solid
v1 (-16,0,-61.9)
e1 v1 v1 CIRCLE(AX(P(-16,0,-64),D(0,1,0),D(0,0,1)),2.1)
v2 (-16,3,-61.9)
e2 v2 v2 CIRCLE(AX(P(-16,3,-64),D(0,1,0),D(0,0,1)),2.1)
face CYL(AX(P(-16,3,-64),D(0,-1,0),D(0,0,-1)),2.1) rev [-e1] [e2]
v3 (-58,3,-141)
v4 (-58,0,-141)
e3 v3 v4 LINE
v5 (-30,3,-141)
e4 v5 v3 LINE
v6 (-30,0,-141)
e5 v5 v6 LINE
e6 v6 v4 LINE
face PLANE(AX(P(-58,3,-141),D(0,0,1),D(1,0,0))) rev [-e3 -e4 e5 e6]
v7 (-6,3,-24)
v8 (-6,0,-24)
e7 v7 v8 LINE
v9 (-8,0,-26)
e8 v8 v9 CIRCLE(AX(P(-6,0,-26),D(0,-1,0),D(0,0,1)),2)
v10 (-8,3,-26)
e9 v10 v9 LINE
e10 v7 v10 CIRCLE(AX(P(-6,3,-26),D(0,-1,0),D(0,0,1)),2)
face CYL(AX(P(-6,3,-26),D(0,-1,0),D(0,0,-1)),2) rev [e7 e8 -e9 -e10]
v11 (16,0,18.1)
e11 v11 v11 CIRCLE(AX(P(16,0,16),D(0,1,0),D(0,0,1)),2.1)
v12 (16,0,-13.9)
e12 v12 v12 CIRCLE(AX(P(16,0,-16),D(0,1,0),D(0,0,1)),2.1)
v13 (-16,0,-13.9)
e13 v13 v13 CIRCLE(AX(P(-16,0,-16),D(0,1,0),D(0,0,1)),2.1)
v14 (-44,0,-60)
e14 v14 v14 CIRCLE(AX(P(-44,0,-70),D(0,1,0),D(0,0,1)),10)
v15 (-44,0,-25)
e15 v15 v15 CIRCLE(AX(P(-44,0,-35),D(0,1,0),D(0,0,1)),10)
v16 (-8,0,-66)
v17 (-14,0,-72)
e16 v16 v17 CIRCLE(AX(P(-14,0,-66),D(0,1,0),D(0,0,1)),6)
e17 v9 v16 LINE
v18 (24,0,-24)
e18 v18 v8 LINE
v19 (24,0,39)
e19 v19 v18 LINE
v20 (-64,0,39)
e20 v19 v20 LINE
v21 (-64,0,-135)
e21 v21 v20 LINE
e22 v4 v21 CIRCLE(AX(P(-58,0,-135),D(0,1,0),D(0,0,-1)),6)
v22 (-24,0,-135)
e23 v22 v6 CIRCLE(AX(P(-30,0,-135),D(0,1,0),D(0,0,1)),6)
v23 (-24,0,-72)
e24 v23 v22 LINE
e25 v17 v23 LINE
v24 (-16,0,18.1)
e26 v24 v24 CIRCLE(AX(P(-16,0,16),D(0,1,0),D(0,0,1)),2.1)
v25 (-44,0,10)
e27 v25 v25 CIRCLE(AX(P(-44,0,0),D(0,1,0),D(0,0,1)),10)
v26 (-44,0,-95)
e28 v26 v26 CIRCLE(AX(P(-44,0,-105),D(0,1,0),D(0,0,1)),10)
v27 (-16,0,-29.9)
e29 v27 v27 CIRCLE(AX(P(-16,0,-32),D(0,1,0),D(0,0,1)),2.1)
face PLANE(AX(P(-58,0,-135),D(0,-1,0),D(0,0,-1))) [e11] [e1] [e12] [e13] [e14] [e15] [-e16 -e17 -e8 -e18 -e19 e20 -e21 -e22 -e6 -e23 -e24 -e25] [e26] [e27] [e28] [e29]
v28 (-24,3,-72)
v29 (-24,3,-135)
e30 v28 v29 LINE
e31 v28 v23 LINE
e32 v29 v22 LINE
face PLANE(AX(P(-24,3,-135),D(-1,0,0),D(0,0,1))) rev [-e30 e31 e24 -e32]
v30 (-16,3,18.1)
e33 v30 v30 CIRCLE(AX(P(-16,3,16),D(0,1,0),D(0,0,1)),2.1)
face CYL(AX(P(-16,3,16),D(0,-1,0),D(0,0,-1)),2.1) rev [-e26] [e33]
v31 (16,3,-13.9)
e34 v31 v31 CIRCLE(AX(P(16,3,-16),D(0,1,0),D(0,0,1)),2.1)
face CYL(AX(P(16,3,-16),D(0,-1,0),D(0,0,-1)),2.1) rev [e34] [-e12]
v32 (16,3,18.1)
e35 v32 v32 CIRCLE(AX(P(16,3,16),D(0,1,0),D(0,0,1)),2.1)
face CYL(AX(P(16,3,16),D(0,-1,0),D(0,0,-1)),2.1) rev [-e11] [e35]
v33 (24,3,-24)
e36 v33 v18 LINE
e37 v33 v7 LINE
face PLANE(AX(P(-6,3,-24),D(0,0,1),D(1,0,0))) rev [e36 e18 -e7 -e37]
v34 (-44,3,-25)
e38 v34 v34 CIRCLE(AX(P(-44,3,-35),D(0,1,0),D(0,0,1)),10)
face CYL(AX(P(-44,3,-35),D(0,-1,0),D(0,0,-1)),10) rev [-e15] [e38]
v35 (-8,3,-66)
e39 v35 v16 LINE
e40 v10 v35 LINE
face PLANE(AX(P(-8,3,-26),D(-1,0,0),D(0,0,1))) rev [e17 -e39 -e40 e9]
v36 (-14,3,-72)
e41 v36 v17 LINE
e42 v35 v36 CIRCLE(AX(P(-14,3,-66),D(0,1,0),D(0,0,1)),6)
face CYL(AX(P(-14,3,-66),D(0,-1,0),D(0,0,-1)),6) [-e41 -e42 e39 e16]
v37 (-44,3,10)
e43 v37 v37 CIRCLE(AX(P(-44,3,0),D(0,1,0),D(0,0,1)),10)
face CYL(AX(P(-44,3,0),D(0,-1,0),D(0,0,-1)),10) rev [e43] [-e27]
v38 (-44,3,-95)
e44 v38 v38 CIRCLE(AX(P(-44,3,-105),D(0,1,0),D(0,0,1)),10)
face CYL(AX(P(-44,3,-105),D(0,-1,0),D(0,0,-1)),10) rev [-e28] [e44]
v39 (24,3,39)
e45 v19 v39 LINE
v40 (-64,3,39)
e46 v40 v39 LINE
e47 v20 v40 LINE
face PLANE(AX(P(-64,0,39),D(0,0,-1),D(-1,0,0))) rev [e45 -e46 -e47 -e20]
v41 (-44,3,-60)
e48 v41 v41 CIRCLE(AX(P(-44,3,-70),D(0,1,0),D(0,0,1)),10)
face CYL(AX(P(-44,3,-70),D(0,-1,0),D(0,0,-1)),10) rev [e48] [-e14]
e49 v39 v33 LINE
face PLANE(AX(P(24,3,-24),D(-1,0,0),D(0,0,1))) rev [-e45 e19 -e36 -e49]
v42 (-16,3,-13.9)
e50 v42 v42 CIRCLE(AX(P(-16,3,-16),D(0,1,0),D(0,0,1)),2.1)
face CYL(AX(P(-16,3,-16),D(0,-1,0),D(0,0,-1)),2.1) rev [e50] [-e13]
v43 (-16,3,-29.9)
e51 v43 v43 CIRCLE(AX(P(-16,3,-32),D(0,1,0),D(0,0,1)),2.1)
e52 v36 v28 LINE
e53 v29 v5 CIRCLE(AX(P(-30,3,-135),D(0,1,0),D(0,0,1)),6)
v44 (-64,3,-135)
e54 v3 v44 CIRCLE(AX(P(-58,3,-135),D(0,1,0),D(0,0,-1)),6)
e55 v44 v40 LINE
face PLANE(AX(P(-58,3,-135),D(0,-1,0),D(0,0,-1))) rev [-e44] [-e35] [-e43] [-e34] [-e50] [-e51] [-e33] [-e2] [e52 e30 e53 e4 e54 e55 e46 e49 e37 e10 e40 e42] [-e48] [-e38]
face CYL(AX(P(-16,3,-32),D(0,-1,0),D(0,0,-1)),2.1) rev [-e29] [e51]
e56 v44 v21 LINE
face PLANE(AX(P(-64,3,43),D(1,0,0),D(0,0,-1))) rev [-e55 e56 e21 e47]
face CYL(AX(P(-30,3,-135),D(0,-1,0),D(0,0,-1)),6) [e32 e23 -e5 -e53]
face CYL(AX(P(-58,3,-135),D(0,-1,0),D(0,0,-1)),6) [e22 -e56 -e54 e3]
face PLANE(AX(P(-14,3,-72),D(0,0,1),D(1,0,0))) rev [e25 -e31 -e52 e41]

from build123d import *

# Parameters (mm, degrees)
SKETCH1_R               = 2.1
SKETCH1_R_2             = 10
BOSS_EXTRUDE1_DEPTH     = 3
SKETCH2_W               = 88
SKETCH2_H               = 4
CUT_EXTRUDE1_DEPTH      = 1
CUT_EXTRUDE1_DEPTH_BACK = 4


with BuildPart() as part:
    # Sketch1 → Boss-Extrude1 (new body)
    with BuildSketch(Plane(origin=(0, 0, 0), x_dir=(1, 0, 0), z_dir=(0, 1, 0))):
        with BuildLine():
            Line((-8, 26), (-8, 66))
            ThreePointArc((-8, 66), (-9.757359313, 70.242640687), (-14, 72))
            Line((-14, 72), (-24, 72))
            Line((-24, 72), (-24, 135))
            ThreePointArc((-24, 135), (-25.757359313, 139.242640687), (-30, 141))
            Line((-30, 141), (-58, 141))
            ThreePointArc((-58, 141), (-62.242640687, 139.242640687), (-64, 135))
            Line((-64, 135), (-64, -43))
            Line((-64, -43), (-24, -43))
            Line((-24, -43), (24, -43))
            Line((24, -43), (24, 24))
            Line((24, 24), (-6, 24))
            ThreePointArc((-6, 24), (-7.414213562, 24.585786438), (-8, 26))
        make_face()
        with Locations((16, 16)):
            Circle(SKETCH1_R, mode=Mode.SUBTRACT)
        with Locations((16, -16)):
            Circle(SKETCH1_R, mode=Mode.SUBTRACT)
        with Locations((-16, -16)):
            Circle(SKETCH1_R, mode=Mode.SUBTRACT)
        with Locations((-16, 16)):
            Circle(SKETCH1_R, mode=Mode.SUBTRACT)
        with Locations((-16, 32)):
            Circle(SKETCH1_R, mode=Mode.SUBTRACT)
        with Locations((-16, 64)):
            Circle(SKETCH1_R, mode=Mode.SUBTRACT)
        with Locations((-44, 0)):
            Circle(SKETCH1_R_2, mode=Mode.SUBTRACT)
        with Locations((-44, 35)):
            Circle(SKETCH1_R_2, mode=Mode.SUBTRACT)
        with Locations((-44, 70)):
            Circle(SKETCH1_R_2, mode=Mode.SUBTRACT)
        with Locations((-44, 105)):
            Circle(SKETCH1_R_2, mode=Mode.SUBTRACT)
    extrude(amount=BOSS_EXTRUDE1_DEPTH)

    # Sketch2 → Cut-Extrude1 (cut, two sides)
    with BuildSketch(Plane(origin=(0, 3, 0), x_dir=(1, 0, 0), z_dir=(0, 1, 0))) as cut_extrude1_sk:
        with Locations((-20, -41)):
            Rectangle(SKETCH2_W, SKETCH2_H)
    extrude(amount=CUT_EXTRUDE1_DEPTH, mode=Mode.SUBTRACT)
    extrude(cut_extrude1_sk.sketch, amount=-CUT_EXTRUDE1_DEPTH_BACK, mode=Mode.SUBTRACT)


solid = part.part
